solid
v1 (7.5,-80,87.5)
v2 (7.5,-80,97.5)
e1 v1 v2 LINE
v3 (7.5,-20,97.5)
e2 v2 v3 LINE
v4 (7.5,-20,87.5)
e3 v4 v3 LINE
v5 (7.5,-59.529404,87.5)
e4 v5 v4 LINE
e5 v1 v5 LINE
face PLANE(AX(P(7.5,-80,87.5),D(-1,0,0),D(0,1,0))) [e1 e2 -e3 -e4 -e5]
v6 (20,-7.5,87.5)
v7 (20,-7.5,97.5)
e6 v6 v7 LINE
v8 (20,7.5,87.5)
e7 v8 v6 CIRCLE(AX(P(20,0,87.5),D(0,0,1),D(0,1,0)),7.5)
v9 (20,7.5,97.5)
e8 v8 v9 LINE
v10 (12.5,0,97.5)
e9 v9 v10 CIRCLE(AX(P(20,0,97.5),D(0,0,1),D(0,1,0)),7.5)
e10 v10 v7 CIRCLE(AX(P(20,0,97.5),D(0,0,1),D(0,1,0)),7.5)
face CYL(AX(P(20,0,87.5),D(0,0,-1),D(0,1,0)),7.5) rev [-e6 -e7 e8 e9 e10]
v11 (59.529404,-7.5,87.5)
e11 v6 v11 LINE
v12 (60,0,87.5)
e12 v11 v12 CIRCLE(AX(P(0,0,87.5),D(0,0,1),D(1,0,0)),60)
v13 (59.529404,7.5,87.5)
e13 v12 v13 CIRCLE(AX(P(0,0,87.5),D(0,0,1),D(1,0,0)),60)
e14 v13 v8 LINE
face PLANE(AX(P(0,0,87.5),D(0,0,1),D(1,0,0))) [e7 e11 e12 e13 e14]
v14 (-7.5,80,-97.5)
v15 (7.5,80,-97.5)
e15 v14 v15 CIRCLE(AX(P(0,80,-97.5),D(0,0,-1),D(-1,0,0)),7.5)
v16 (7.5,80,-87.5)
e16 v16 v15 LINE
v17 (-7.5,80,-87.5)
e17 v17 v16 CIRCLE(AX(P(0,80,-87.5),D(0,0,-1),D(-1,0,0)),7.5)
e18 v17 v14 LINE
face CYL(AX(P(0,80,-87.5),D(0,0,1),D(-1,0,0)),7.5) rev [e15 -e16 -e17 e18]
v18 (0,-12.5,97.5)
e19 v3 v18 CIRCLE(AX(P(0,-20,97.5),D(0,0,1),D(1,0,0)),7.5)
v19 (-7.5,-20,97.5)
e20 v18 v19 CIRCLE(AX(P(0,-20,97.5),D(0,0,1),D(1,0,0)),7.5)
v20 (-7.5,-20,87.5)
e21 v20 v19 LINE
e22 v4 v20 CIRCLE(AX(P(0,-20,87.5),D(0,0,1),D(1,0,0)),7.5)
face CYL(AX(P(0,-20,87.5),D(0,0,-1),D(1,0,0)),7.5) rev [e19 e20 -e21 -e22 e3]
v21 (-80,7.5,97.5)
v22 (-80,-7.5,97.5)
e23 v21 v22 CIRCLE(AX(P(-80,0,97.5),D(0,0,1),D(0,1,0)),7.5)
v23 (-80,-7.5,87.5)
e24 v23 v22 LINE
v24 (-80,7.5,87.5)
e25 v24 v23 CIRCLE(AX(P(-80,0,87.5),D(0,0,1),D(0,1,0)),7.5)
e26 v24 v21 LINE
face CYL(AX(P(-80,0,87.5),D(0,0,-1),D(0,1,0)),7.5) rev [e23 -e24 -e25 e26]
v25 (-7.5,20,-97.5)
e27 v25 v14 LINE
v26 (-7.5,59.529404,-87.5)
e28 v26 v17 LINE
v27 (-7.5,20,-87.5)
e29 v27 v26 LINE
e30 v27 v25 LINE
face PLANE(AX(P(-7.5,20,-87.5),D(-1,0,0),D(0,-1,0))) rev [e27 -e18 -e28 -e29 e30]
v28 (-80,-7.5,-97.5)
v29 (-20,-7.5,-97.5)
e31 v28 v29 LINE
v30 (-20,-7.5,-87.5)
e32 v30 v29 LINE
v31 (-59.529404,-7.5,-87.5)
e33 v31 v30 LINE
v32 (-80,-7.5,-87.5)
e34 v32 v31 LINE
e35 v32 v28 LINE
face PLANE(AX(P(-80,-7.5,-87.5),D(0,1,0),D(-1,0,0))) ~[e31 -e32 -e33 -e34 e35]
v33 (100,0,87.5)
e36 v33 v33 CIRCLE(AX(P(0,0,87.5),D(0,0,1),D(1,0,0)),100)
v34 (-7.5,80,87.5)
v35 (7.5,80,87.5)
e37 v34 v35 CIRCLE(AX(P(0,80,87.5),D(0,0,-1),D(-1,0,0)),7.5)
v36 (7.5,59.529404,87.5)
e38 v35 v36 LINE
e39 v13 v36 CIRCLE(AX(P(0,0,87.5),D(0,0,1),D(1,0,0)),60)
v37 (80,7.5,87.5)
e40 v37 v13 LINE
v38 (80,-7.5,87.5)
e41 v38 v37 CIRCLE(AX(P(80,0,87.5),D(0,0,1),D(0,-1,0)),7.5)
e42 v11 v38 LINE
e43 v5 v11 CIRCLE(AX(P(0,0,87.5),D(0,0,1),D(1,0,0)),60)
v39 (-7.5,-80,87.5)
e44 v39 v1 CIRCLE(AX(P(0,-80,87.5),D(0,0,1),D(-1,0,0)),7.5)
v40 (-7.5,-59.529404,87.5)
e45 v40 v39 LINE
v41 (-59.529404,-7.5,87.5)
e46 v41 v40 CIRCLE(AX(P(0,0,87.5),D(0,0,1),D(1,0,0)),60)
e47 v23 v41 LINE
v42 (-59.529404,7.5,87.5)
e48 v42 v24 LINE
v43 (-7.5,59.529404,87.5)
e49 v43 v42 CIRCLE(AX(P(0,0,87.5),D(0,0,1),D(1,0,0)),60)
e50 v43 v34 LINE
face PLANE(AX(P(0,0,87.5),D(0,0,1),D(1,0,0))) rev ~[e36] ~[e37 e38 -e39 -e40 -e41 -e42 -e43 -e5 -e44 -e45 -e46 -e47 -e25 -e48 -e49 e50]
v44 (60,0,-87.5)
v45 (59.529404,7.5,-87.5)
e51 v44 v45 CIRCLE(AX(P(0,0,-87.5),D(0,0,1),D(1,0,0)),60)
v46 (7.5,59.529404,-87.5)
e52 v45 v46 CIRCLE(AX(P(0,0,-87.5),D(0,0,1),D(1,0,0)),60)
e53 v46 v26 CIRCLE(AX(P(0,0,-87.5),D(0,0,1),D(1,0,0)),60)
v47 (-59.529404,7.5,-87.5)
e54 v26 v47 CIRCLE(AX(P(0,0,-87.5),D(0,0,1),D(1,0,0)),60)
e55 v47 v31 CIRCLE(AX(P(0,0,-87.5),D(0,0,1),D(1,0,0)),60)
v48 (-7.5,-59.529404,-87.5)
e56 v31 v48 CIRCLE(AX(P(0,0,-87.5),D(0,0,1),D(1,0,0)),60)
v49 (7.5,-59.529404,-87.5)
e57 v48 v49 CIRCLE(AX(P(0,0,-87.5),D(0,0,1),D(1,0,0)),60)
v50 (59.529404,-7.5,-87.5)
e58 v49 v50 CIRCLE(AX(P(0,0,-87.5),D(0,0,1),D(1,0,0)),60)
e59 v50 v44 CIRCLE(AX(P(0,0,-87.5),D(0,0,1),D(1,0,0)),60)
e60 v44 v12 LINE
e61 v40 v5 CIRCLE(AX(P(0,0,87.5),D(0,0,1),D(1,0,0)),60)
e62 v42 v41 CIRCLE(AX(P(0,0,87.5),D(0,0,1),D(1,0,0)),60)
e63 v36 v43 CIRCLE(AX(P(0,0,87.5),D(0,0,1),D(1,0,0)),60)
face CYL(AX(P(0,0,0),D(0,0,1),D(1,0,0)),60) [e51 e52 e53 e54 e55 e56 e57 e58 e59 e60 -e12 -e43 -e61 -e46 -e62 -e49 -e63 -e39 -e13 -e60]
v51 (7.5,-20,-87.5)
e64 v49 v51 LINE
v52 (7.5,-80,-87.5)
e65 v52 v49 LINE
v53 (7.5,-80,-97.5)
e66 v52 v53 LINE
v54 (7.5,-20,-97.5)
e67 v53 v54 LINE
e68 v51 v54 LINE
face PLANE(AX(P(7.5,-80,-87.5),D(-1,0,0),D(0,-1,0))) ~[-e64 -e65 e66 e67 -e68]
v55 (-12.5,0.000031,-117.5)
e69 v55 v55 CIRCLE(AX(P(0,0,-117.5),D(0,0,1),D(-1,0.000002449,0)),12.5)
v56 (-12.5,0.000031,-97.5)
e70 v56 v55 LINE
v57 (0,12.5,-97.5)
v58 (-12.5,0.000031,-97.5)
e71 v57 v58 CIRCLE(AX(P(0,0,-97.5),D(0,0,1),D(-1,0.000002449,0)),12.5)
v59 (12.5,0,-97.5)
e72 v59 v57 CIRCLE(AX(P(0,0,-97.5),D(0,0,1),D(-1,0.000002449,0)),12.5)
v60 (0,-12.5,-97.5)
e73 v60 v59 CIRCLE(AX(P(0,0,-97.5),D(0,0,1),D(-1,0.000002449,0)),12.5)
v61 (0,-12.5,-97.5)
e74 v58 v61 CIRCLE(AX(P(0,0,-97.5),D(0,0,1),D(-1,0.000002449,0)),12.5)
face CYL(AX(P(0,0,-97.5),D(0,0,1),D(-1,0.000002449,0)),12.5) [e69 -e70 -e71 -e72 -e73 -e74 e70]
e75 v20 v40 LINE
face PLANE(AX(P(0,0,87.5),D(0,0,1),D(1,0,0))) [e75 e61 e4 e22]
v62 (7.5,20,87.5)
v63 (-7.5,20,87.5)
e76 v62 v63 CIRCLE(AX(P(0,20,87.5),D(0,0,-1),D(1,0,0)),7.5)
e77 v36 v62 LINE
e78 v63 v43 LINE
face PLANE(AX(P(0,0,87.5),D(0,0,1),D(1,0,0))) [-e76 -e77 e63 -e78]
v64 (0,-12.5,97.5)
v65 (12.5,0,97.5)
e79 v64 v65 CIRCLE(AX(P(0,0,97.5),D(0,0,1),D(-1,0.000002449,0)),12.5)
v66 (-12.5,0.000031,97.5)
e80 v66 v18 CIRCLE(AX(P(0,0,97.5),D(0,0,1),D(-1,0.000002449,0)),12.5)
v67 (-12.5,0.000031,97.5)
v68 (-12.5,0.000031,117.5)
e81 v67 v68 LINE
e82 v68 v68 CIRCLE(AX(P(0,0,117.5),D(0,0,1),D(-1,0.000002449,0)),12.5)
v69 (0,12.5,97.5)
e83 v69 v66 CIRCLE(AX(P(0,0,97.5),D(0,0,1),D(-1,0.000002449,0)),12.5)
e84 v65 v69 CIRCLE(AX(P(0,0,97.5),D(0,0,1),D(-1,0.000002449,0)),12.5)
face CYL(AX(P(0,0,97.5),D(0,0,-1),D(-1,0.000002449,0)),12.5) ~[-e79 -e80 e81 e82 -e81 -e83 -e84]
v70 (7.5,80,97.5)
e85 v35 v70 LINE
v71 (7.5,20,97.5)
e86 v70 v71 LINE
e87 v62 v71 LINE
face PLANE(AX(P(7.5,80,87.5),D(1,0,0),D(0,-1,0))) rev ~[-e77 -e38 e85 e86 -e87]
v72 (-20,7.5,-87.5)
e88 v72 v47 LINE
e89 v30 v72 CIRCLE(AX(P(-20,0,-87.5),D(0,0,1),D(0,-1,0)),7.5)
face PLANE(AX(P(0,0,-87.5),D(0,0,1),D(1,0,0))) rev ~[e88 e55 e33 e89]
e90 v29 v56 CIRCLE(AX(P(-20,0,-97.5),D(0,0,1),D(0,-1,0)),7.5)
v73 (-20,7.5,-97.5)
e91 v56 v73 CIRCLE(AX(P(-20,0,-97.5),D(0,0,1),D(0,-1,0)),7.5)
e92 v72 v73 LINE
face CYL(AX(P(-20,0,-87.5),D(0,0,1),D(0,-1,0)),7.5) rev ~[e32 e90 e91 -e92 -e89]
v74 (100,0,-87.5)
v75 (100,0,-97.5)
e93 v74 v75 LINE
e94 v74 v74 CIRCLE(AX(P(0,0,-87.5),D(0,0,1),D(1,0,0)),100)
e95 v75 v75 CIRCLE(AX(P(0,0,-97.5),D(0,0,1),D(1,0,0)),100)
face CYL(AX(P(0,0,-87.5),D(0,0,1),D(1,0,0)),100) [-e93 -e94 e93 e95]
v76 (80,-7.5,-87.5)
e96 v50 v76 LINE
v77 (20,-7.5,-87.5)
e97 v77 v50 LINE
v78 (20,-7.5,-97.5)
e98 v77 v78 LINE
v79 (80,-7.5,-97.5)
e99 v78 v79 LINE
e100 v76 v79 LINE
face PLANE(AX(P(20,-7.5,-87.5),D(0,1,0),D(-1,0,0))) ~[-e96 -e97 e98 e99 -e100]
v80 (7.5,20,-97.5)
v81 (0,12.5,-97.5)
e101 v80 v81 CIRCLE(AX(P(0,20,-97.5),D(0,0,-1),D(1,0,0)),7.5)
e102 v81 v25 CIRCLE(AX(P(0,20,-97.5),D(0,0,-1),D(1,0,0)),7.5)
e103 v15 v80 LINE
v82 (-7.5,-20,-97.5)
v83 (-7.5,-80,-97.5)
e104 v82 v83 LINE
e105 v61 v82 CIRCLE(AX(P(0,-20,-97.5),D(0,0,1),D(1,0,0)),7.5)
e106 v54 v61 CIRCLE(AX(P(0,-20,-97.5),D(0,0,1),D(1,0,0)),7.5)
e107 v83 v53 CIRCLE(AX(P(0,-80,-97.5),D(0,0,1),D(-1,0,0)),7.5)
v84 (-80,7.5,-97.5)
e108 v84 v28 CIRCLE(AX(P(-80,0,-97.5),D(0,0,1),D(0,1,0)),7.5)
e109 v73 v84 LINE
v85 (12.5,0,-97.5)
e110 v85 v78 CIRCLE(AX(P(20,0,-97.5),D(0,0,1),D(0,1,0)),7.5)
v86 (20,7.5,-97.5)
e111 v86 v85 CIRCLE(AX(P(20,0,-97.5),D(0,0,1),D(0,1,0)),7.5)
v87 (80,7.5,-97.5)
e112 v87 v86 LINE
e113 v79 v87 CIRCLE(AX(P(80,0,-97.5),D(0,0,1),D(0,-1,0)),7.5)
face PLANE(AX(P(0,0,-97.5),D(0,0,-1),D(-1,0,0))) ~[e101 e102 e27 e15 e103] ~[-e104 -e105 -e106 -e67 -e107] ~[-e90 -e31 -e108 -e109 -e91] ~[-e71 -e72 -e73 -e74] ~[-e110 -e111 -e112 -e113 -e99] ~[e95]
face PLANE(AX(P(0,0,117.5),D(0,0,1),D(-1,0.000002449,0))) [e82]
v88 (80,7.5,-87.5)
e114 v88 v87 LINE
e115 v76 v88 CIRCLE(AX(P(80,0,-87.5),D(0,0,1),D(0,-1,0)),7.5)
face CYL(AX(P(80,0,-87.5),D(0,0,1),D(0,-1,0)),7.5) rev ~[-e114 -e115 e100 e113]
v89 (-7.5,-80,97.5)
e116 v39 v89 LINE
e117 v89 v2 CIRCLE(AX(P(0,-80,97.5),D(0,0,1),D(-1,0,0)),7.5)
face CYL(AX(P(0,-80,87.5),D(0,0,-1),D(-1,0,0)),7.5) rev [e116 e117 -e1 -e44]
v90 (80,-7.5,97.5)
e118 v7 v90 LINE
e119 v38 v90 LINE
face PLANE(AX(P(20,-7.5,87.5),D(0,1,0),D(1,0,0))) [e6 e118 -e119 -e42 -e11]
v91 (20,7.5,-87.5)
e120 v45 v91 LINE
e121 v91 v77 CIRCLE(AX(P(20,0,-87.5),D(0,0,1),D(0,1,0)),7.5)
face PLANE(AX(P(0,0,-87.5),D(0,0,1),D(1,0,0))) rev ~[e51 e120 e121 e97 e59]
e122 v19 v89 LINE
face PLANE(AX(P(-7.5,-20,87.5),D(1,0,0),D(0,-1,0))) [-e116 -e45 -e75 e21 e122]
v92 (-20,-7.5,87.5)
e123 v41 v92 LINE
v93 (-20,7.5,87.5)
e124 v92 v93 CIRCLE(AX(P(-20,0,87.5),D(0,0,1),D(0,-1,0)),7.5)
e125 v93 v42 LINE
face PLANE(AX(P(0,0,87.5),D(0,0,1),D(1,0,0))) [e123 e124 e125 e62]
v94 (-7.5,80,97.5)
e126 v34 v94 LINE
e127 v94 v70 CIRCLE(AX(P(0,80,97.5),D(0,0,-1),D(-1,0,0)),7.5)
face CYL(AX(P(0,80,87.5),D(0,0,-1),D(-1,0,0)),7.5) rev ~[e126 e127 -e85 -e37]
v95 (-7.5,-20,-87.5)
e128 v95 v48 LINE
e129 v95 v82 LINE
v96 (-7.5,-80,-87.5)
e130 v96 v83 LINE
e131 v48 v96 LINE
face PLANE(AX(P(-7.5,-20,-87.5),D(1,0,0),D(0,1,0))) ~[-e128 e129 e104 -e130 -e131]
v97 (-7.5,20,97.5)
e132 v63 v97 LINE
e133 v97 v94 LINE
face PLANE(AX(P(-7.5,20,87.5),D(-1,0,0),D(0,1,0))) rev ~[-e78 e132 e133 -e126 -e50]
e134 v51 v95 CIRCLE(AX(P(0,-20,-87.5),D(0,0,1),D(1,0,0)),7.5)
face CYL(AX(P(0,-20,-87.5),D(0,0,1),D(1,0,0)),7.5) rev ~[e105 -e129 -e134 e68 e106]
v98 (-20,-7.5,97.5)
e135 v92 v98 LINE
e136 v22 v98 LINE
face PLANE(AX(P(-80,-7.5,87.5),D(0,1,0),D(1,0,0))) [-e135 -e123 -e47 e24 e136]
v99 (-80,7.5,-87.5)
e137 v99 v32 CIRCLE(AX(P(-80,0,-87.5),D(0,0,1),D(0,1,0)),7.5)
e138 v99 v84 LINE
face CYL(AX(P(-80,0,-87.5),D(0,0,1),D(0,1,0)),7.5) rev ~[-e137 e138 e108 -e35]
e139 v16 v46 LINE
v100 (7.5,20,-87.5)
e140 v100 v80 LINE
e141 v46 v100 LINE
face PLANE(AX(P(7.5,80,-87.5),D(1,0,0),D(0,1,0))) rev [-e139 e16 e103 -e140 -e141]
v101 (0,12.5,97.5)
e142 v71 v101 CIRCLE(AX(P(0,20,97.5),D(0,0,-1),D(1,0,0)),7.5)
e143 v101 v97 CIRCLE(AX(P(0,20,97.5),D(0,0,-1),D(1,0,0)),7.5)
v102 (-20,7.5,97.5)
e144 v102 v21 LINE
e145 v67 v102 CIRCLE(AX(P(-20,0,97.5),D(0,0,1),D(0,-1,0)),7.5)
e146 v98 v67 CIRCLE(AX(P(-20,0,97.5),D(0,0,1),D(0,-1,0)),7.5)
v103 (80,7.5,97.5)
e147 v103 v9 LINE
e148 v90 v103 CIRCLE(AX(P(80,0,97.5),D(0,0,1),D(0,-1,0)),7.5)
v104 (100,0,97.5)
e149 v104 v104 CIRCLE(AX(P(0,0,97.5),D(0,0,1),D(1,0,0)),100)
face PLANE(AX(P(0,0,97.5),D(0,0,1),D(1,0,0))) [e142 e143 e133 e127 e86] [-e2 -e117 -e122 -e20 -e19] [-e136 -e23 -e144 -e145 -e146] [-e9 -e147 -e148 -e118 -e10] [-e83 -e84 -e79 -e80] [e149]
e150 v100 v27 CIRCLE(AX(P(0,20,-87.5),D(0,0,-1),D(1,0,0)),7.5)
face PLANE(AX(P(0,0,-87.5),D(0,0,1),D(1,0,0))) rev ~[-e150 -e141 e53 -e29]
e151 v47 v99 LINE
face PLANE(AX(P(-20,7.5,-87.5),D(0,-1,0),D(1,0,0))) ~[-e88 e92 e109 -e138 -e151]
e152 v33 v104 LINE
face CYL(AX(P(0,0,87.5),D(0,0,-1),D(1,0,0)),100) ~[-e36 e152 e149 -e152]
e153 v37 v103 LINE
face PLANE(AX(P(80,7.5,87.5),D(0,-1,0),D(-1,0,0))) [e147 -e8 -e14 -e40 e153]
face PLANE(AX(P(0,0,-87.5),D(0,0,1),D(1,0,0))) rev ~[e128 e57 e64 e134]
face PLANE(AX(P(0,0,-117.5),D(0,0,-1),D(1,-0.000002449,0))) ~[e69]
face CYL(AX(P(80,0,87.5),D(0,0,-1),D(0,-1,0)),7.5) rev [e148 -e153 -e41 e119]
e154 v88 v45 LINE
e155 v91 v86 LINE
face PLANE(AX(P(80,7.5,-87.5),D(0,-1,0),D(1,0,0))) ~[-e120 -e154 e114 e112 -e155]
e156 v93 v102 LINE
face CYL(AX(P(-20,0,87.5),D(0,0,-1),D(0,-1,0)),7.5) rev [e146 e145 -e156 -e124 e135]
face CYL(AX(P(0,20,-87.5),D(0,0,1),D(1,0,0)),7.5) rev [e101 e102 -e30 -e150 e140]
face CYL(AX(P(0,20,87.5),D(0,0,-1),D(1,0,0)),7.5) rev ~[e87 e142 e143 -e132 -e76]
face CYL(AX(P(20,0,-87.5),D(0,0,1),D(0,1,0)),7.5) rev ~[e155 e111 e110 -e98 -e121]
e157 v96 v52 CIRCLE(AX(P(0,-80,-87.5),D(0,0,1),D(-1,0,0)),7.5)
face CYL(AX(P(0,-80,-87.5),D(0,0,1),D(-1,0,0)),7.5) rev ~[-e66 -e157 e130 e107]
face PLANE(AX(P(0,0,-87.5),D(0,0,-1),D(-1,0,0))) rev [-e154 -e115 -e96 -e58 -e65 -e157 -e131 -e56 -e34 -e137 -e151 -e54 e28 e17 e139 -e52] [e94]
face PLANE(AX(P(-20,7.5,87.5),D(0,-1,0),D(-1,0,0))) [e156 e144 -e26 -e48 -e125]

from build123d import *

# Parameters (mm, degrees)
SKETCH1_R           = 60
BOSS_EXTRUDE1_DEPTH = 87.5
SKETCH2_R           = 100
BOSS_EXTRUDE2_DEPTH = 10
SKETCH3_R           = 12.5
BOSS_EXTRUDE3_DEPTH = 20


with BuildPart() as part:
    # Sketch1 → Boss-Extrude1 (new, symmetric)
    with BuildSketch(Plane.XY):
        Circle(SKETCH1_R)
    extrude(amount=BOSS_EXTRUDE1_DEPTH, both=True)

    # Sketch2 → Boss-Extrude2 (add)
    with BuildSketch(Plane.XY.offset(87.5)):
        Circle(SKETCH2_R)
        with BuildLine():
            Line((7.5, 80), (7.5, 20))
            ThreePointArc((7.5, 20), (0, 12.5), (-7.5, 20))
            Line((-7.5, 20), (-7.5, 80))
            ThreePointArc((-7.5, 80), (0, 87.5), (7.5, 80))
        make_face(mode=Mode.SUBTRACT)
        with BuildLine():
            Line((80, 7.5), (20, 7.5))
            ThreePointArc((20, 7.5), (12.5, 0), (20, -7.5))
            Line((20, -7.5), (80, -7.5))
            ThreePointArc((80, -7.5), (87.5, 0), (80, 7.5))
        make_face(mode=Mode.SUBTRACT)
        with BuildLine():
            Line((7.5, -80), (7.5, -20))
            ThreePointArc((7.5, -20), (0, -12.5), (-7.5, -20))
            Line((-7.5, -20), (-7.5, -80))
            ThreePointArc((-7.5, -80), (0, -87.5), (7.5, -80))
        make_face(mode=Mode.SUBTRACT)
        with BuildLine():
            Line((-80, -7.5), (-20, -7.5))
            ThreePointArc((-20, -7.5), (-12.5, 0), (-20, 7.5))
            Line((-20, 7.5), (-80, 7.5))
            ThreePointArc((-80, 7.5), (-87.5, 0), (-80, -7.5))
        make_face(mode=Mode.SUBTRACT)
    boss_extrude2 = extrude(amount=BOSS_EXTRUDE2_DEPTH)

    # Sketch3 → Boss-Extrude3 (add)
    with BuildSketch(Plane.XY.offset(97.5)):
        with Locations(Location((0, 0, 0), (0, 0, 179.999859654))):
            Circle(SKETCH3_R)
    boss_extrude3 = extrude(amount=BOSS_EXTRUDE3_DEPTH)

    # Mirror1: Boss-Extrude2 across plane
    add(boss_extrude2.mirror(Plane.XY))

    # Mirror2: Boss-Extrude3 across plane
    add(boss_extrude3.mirror(Plane.XY))


solid = part.part
